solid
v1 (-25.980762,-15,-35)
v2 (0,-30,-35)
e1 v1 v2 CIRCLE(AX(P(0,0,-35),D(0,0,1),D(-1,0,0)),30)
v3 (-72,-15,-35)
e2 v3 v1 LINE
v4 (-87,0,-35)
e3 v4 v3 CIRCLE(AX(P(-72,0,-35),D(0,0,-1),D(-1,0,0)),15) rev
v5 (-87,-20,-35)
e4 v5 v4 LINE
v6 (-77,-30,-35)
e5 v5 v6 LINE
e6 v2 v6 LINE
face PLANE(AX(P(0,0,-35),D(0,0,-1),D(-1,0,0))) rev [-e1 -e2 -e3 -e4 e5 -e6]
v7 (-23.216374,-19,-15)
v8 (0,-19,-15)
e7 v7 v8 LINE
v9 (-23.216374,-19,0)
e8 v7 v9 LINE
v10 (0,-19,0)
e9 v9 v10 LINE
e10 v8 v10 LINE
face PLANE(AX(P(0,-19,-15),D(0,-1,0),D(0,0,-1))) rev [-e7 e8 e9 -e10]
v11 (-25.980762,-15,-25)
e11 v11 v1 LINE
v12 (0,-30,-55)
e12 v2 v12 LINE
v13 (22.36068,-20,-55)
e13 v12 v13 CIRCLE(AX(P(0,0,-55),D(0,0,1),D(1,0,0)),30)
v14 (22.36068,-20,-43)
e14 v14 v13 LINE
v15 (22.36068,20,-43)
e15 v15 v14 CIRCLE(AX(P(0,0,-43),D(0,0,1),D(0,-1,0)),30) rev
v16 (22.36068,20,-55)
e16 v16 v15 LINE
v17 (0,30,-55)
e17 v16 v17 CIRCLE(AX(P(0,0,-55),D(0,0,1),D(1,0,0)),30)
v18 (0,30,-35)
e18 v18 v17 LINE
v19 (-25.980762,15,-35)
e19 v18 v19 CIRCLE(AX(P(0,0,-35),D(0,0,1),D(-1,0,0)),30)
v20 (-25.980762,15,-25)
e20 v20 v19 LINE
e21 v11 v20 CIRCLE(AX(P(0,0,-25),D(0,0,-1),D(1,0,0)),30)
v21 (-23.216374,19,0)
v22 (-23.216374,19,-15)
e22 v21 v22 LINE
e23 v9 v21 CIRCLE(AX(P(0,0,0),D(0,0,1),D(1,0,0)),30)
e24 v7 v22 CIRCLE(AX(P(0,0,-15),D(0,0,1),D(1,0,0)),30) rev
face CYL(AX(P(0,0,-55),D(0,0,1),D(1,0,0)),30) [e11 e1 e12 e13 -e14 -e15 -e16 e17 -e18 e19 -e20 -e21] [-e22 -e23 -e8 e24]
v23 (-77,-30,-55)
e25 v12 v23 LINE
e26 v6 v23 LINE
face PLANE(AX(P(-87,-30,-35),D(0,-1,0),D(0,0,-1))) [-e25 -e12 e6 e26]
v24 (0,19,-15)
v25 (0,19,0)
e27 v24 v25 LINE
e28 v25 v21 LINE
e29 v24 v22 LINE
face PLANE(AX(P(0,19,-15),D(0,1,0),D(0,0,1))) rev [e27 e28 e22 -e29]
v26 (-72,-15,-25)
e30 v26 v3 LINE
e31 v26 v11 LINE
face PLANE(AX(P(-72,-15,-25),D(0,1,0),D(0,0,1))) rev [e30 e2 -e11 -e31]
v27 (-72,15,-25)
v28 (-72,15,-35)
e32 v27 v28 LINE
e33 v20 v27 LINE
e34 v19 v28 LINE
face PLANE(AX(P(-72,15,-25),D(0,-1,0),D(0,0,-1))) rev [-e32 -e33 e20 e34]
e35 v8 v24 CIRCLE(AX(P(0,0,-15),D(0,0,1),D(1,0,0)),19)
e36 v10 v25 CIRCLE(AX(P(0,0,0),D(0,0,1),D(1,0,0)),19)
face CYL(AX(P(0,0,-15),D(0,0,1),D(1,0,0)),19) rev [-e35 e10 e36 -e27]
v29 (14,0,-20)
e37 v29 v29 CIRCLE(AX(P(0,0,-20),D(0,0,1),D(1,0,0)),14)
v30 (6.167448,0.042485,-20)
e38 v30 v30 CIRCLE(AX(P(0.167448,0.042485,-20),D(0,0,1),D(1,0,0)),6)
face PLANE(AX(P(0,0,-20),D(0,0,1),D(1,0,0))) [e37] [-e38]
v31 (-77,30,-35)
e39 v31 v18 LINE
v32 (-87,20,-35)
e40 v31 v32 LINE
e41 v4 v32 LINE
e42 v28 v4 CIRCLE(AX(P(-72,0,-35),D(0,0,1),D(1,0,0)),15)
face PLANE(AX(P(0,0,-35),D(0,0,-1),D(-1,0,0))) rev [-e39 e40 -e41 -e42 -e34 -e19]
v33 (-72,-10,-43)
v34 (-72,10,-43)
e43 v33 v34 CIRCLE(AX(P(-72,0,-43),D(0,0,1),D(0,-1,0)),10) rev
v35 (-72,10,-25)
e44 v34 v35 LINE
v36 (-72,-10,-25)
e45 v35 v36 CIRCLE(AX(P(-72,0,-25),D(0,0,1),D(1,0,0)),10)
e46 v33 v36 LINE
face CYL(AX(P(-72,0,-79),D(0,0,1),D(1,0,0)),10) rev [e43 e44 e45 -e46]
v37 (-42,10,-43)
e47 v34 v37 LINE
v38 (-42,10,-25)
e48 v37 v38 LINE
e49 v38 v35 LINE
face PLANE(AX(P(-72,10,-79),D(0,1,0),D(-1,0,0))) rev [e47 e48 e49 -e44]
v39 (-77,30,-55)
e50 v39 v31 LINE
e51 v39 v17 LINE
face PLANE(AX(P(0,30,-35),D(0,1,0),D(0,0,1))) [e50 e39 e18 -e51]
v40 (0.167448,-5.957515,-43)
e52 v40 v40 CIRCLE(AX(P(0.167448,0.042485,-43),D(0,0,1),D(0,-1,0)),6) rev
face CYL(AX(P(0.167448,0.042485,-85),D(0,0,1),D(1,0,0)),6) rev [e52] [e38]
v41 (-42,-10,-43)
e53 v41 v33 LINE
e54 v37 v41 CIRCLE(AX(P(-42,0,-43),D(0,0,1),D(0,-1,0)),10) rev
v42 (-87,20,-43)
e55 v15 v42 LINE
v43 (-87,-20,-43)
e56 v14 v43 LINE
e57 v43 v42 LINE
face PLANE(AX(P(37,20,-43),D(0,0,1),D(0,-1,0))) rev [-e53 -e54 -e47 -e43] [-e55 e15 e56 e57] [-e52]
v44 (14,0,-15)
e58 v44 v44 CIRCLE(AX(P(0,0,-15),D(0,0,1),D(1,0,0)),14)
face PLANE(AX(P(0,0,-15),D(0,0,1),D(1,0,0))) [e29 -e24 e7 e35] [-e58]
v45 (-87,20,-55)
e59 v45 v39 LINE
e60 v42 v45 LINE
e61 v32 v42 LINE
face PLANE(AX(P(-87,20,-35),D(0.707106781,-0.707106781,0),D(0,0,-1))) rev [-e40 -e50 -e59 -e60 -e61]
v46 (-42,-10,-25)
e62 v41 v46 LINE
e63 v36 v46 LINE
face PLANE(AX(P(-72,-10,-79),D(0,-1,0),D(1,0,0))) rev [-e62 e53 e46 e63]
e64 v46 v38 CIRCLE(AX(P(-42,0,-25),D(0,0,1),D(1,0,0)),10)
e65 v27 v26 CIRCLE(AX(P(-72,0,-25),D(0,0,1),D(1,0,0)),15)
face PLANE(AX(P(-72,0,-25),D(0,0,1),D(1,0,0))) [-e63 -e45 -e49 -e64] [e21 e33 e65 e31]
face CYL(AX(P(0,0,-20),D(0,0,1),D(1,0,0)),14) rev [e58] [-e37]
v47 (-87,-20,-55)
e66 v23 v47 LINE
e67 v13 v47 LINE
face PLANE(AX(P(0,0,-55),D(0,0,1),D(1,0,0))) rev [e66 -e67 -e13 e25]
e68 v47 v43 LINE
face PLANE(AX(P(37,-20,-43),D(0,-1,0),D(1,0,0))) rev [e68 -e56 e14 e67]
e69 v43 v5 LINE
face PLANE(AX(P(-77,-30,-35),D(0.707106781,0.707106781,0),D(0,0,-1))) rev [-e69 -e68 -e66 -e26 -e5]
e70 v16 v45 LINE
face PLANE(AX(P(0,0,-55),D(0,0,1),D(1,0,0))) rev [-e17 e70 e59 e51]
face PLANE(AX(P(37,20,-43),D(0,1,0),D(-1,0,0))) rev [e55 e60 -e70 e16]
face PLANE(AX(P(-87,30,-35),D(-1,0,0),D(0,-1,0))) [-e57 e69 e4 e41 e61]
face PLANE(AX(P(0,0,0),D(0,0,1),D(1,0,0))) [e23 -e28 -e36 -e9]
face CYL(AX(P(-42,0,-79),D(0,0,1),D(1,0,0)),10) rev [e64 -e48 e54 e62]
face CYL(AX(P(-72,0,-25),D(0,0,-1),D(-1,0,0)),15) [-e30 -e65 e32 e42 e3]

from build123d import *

# Parameters (mm, degrees)
ESBO_O3_R                = 30
RESSALTO_EXTRUS_O1_DEPTH = 55
RESSALTO_EXTRUS_O2_START = -20
RESSALTO_EXTRUS_O2_DEPTH = 20
CORTE_EXTRUS_O2_DEPTH    = 15
ESBO_O9_R                = 14
CORTE_EXTRUS_O6_DEPTH    = 5
ESBO_O12_R               = 6
CORTE_EXTRUS_O7_DEPTH    = 65
CHANFRO2_SIZE            = 10
CHANFRO3_SIZE            = 10
RESSALTO_EXTRUS_O4_START = 10
RESSALTO_EXTRUS_O4_DEPTH = 10
CORTE_EXTRUS_O8_DEPTH    = 54
ESBO_O16_W               = 12
ESBO_O16_H               = 40
CORTE_EXTRUS_O9_DEPTH    = 124


with BuildPart() as part:
    # Esboço3 → Ressalto-extrusão1 (new body)
    with BuildSketch(Plane.XY):
        Circle(ESBO_O3_R)
    extrude(amount=-RESSALTO_EXTRUS_O1_DEPTH)

    # Esboço4 → Ressalto-extrusão2 (add)
    with BuildSketch(Plane(origin=(0, 0, -55), x_dir=(-1, 0, 0), z_dir=(0, 0, -1)).offset(RESSALTO_EXTRUS_O2_START)):
        with BuildLine():
            Line((0, 30), (87, 30))
            Line((87, 30), (87, -30))
            Line((87, -30), (0, -30))
            ThreePointArc((0, -30), (30, 0), (0, 30))
        make_face()
    extrude(amount=RESSALTO_EXTRUS_O2_DEPTH)

    # Esboço6 → Corte-extrusão2 (cut)
    with BuildSketch(Plane.XY):
        with BuildLine():
            Line((0, -19), (-43.25121435, -19))
            Line((-43.25121435, -19), (-43.25121435, 19))
            Line((-43.25121435, 19), (0, 19))
            ThreePointArc((0, 19), (19, 0), (0, -19))
        make_face()
    extrude(amount=-CORTE_EXTRUS_O2_DEPTH, mode=Mode.SUBTRACT)

    # Esboço9 → Corte-extrusão6 (cut)
    with BuildSketch(Plane.XY.offset(-15)):
        Circle(ESBO_O9_R)
    extrude(amount=-CORTE_EXTRUS_O6_DEPTH, mode=Mode.SUBTRACT)

    # Esboço12 → Corte-extrusão7 (cut)
    with BuildSketch(Plane.XY.offset(-20)):
        with Locations((0.167448048, 0.04248466)):
            Circle(ESBO_O12_R)
    extrude(amount=-CORTE_EXTRUS_O7_DEPTH, mode=Mode.SUBTRACT)

    # Chanfro2
    chanfro2_edges = [part.edges().sort_by_distance(p)[0] for p in [
        (-87, 30, -45),
    ]]
    chamfer(chanfro2_edges, length=CHANFRO2_SIZE)

    # Chanfro3
    chanfro3_edges = [part.edges().sort_by_distance(p)[0] for p in [
        (-87, -30, -45),
    ]]
    chamfer(chanfro3_edges, length=CHANFRO3_SIZE)

    # Esboço14 → Ressalto-extrusão4 (add)
    with BuildSketch(Plane.XY.offset(-35).offset(RESSALTO_EXTRUS_O4_START)):
        with BuildLine():
            Line((-72, 15), (-25.980762114, 15))
            ThreePointArc((-25.980762114, 15), (-30, 0), (-25.980762114, -15))
            Line((-25.980762114, -15), (-72, -15))
            ThreePointArc((-72, -15), (-87, 0), (-72, 15))
        make_face()
    extrude(amount=-RESSALTO_EXTRUS_O4_DEPTH)

    # Esboço15 → Corte-extrusão8 (cut)
    with BuildSketch(Plane.XY.offset(-25)):
        with BuildLine():
            Line((-72, 10), (-42, 10))
            ThreePointArc((-42, 10), (-32, 0), (-42, -10))
            Line((-42, -10), (-72, -10))
            ThreePointArc((-72, -10), (-82, 0), (-72, 10))
        make_face()
    extrude(amount=-CORTE_EXTRUS_O8_DEPTH, mode=Mode.SUBTRACT)

    # Esboço16 → Corte-extrusão9 (cut)
    with BuildSketch(Plane.ZY.offset(87)):
        with Locations((-49, 0)):
            Rectangle(ESBO_O16_W, ESBO_O16_H)
    extrude(amount=-CORTE_EXTRUS_O9_DEPTH, mode=Mode.SUBTRACT)


solid = part.part
